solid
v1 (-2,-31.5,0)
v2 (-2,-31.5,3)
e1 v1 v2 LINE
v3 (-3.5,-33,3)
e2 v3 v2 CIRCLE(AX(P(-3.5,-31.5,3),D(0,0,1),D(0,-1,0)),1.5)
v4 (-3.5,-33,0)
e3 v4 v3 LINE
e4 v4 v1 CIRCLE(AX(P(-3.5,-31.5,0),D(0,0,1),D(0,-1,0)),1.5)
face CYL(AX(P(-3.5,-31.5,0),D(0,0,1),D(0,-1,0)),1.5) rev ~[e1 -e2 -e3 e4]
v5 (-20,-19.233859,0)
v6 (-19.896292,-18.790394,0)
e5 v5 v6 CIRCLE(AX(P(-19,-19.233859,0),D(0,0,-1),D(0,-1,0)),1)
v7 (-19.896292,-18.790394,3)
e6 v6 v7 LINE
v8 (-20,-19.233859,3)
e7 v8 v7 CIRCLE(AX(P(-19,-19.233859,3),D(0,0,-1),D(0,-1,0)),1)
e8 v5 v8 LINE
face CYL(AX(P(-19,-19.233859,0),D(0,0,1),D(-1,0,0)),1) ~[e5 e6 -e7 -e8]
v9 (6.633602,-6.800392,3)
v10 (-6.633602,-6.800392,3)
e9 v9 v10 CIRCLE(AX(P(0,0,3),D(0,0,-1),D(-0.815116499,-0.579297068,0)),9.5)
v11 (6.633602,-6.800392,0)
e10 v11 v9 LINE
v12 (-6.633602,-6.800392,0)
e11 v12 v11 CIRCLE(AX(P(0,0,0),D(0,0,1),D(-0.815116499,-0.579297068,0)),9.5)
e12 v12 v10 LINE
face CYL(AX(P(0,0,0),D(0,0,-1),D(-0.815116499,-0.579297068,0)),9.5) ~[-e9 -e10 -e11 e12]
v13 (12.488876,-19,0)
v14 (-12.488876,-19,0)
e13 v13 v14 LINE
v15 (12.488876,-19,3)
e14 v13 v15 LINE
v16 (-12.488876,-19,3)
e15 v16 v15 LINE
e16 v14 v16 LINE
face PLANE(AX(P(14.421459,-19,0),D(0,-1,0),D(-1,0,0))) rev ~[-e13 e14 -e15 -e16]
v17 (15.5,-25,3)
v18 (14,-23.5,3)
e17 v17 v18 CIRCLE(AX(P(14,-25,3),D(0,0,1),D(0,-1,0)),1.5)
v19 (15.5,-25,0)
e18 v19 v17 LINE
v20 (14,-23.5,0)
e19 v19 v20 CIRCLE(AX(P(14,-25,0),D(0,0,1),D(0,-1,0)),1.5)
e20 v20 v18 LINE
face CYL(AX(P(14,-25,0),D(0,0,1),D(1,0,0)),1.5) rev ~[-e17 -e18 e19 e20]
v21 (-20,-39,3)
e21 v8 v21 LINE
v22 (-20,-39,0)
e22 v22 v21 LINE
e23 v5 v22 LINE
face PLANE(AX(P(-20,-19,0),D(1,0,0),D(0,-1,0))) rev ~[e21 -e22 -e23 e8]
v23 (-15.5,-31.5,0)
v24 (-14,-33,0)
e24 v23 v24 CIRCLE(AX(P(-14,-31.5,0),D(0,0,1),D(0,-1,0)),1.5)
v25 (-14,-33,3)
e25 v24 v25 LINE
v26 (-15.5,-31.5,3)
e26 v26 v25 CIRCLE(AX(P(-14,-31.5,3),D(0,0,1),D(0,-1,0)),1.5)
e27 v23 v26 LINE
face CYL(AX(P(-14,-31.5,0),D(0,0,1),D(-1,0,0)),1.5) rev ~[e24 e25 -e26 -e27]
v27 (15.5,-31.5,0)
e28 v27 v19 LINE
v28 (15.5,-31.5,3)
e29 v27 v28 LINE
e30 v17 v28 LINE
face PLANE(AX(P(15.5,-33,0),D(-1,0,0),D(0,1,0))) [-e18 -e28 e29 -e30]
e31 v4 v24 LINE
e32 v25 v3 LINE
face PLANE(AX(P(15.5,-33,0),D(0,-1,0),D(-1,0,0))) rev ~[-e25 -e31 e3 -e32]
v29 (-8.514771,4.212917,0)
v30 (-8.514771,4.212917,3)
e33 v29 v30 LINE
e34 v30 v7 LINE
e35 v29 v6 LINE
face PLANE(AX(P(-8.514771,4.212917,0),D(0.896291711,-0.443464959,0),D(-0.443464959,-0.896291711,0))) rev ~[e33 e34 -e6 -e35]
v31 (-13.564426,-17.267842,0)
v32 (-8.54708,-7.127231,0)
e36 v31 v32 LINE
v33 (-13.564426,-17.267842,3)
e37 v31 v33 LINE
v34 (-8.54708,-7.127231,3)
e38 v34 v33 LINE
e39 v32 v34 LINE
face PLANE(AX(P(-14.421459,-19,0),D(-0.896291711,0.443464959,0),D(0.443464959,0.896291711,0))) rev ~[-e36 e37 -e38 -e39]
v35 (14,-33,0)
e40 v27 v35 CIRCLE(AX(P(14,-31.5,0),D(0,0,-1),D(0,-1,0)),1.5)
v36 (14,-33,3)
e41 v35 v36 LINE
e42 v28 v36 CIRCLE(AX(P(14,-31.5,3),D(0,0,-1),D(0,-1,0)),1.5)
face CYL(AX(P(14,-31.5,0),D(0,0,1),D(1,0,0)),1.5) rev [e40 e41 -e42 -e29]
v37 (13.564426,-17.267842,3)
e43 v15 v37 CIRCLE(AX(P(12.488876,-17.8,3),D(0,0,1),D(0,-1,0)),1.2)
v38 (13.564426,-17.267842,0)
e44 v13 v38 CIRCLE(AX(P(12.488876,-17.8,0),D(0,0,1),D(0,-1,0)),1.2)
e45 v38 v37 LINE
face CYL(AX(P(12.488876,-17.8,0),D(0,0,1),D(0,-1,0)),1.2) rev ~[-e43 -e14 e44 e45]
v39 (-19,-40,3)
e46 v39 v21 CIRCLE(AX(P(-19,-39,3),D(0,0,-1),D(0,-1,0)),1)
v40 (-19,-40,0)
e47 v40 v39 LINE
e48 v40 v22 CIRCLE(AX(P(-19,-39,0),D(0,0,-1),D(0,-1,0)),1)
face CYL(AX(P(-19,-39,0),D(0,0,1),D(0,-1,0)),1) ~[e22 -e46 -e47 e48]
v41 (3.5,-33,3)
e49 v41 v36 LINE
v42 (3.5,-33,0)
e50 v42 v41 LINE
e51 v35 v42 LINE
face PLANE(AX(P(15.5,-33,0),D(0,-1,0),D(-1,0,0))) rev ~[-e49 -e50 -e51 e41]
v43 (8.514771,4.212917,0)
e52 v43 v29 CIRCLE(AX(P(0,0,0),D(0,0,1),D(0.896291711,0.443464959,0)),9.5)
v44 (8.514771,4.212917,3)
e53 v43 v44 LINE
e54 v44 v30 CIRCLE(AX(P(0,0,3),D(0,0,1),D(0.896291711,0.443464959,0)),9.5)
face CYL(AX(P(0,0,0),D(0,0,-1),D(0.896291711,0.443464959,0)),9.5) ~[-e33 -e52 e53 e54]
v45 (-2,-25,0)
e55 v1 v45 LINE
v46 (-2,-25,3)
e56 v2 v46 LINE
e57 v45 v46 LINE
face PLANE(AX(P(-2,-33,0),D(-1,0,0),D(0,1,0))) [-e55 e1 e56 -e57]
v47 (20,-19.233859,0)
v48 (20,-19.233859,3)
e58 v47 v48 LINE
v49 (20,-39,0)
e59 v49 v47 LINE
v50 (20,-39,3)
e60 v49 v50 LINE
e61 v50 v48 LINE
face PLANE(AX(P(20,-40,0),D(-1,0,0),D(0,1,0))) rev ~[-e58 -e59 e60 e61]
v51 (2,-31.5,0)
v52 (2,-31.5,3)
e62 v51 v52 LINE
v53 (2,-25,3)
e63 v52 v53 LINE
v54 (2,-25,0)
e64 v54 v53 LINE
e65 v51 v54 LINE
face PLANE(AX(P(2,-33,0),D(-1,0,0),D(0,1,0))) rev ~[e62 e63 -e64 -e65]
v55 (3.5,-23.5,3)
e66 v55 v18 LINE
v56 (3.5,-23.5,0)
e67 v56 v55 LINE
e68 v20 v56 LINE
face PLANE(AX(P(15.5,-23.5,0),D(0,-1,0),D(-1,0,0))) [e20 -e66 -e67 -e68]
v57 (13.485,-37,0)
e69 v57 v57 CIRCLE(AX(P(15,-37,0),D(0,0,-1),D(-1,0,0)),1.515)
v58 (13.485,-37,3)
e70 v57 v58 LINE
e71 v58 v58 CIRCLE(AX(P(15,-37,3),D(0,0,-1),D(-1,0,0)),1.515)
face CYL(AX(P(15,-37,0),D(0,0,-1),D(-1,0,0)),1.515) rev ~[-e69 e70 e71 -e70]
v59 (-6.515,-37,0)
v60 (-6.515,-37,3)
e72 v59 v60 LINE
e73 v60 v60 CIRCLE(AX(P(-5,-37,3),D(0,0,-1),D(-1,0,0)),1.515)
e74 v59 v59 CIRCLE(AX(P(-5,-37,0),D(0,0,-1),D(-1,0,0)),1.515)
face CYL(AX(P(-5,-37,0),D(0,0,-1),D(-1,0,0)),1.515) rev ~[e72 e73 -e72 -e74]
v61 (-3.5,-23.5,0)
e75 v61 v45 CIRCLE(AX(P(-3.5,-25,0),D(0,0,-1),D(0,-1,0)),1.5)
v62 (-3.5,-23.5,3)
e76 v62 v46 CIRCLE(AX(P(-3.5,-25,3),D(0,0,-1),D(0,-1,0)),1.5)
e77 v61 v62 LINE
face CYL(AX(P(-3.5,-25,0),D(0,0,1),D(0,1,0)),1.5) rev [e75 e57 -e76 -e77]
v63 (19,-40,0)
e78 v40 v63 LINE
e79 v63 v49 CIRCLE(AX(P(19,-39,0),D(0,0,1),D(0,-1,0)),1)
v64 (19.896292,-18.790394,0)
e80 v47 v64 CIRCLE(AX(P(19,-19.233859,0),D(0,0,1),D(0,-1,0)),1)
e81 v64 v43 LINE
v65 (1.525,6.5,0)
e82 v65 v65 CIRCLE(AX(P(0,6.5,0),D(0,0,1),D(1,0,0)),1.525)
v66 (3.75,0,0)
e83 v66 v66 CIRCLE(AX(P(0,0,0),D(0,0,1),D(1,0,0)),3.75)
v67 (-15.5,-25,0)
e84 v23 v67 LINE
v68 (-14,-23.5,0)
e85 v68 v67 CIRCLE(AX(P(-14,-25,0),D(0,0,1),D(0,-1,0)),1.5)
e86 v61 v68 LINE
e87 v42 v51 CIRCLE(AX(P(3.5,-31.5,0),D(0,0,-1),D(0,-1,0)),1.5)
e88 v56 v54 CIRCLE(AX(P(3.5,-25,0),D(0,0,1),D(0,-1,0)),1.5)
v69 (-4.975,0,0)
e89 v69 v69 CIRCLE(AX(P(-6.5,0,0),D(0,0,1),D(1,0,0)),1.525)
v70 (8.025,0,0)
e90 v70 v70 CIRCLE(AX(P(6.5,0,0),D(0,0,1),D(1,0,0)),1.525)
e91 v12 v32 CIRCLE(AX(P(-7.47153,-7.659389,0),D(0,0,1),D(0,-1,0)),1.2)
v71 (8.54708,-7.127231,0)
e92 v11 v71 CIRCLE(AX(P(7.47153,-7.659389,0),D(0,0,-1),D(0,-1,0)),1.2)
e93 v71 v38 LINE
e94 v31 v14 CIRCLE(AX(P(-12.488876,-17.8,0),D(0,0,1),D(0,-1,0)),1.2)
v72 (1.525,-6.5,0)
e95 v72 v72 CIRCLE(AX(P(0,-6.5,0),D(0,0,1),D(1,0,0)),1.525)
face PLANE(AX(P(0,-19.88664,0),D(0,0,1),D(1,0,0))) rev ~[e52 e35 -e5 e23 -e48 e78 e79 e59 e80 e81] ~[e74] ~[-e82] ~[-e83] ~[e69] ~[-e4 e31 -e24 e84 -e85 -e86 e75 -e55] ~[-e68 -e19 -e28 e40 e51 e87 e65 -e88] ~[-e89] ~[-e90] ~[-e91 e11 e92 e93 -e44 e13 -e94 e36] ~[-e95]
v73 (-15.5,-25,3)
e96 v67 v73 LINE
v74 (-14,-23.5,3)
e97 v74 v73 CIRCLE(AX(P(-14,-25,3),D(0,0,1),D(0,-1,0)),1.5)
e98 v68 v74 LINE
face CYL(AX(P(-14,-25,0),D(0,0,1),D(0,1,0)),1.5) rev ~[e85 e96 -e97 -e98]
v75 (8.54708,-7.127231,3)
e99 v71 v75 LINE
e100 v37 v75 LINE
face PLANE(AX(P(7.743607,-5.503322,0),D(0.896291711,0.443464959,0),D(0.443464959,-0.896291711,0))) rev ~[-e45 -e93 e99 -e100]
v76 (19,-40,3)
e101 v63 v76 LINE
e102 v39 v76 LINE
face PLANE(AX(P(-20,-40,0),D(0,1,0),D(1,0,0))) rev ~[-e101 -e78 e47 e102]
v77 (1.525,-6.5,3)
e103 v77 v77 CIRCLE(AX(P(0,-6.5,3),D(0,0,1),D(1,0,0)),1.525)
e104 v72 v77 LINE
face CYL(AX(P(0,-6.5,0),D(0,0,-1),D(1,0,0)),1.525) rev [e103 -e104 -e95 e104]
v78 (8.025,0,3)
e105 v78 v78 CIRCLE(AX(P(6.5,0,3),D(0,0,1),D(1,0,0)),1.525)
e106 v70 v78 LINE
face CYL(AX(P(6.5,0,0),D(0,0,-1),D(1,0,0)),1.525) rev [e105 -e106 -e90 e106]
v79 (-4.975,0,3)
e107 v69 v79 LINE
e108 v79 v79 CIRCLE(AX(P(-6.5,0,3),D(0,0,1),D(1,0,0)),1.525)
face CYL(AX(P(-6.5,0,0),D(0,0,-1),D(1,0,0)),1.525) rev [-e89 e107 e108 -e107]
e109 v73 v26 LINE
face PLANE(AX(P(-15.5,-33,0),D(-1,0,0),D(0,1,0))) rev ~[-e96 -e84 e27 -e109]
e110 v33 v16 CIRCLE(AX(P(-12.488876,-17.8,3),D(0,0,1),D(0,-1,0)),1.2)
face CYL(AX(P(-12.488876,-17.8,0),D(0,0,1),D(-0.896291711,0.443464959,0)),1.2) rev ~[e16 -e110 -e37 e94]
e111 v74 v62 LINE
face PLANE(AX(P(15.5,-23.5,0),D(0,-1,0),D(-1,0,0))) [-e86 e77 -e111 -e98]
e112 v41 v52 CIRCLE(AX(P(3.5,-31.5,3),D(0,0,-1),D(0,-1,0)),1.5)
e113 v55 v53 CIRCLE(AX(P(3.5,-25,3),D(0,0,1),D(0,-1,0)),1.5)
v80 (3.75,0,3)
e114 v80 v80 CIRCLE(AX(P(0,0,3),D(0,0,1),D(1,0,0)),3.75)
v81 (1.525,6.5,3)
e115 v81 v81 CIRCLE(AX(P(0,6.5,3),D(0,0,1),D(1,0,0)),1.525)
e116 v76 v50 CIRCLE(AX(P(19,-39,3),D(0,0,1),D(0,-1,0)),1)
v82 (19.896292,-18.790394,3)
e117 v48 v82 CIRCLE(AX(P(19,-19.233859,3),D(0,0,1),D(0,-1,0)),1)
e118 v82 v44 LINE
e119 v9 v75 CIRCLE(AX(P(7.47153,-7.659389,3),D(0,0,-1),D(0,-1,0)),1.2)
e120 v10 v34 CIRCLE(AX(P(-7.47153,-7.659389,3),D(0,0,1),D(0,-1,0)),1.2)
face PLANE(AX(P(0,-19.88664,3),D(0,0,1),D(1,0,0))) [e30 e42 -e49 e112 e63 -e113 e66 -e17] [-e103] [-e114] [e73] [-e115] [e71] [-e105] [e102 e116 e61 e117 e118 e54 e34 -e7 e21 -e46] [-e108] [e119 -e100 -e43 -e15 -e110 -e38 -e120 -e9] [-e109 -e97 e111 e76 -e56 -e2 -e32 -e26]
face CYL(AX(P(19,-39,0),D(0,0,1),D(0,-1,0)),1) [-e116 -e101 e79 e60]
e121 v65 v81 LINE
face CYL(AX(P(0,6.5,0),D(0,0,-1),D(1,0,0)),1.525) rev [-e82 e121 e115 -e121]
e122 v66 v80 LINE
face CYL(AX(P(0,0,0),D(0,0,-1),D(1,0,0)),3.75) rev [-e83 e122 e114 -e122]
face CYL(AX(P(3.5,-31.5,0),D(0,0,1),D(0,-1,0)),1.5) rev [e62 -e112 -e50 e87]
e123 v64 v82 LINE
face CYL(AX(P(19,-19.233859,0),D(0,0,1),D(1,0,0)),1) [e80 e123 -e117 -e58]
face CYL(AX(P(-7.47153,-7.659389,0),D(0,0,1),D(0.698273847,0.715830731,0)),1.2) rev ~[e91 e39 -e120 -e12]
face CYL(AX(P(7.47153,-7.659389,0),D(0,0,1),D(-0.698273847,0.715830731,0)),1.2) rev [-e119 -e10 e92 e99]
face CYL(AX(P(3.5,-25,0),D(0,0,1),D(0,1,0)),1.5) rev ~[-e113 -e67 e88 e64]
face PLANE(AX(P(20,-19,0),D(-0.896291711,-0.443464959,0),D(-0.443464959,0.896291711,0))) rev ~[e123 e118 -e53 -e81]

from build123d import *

# Parameters (mm, degrees)
SKETCH_1_R          = 1.525
SKETCH_1_R_2        = 3.75
EXTRUDE_1_DEPTH     = 3
FILLET_1_R          = 1
SKETCH_2_R          = 1.515
CUT_EXTRUDE_1_DEPTH = 10
CUT_EXTRUDE_2_DEPTH = 10
FILLET_2_R          = 1.2
SKETCH_4_W          = 31
SKETCH_4_H          = 9.5
CUT_EXTRUDE_3_DEPTH = 10
SKETCH_5_W          = 4
SKETCH_5_H          = 9.5
EXTRUDE_1_2_DEPTH   = 3
FILLET_3_R          = 1.5


with BuildPart() as part:
    # 草图1 → Extrude 1 (new body)
    with BuildSketch(Plane.XY):
        with BuildLine():
            Line((-20, -40), (20, -40))
            Line((20, -40), (20, -19))
            Line((20, -19), (8.514771251, 4.212917106))
            ThreePointArc((8.514771251, 4.212917106), (0, 9.5), (-8.514771251, 4.212917106))
            Line((-8.514771251, 4.212917106), (-20, -19))
            Line((-20, -19), (-20, -40))
        make_face()
        with Locations((0, 6.5)):
            Circle(SKETCH_1_R, mode=Mode.SUBTRACT)
        with Locations((6.5, 0)):
            Circle(SKETCH_1_R, mode=Mode.SUBTRACT)
        with Locations((0, -6.5)):
            Circle(SKETCH_1_R, mode=Mode.SUBTRACT)
        with Locations((-6.5, 0)):
            Circle(SKETCH_1_R, mode=Mode.SUBTRACT)
        Circle(SKETCH_1_R_2, mode=Mode.SUBTRACT)
    extrude(amount=EXTRUDE_1_DEPTH)

    # 圆角1
    fillet_1_edges = [part.edges().sort_by_distance(p)[0] for p in [
        (20, -40, 1.5),
        (-20, -40, 1.5),
        (-20, -19, 1.5),
        (20, -19, 1.5),
    ]]
    fillet(fillet_1_edges, radius=FILLET_1_R)

    # 草图2 → 切除-拉伸1 (cut)
    with BuildSketch(Plane(origin=(0, 0, 0), x_dir=(-1, 0, 0), z_dir=(0, 0, -1))):
        with Locations((-15, -37)):
            Circle(SKETCH_2_R)
        with Locations((5, -37)):
            Circle(SKETCH_2_R)
    extrude(amount=-CUT_EXTRUDE_1_DEPTH, mode=Mode.SUBTRACT)

    # 草图3 → 切除-拉伸2 (cut)
    with BuildSketch(Plane(origin=(0, 0, 0), x_dir=(-1, 0, 0), z_dir=(0, 0, -1))):
        with BuildLine():
            Line((-7.743606738, -5.50332215), (-14.421459062, -19))
            Line((-14.421459062, -19), (14.421459062, -19))
            Line((14.421459062, -19), (7.743606738, -5.50332215))
            ThreePointArc((7.743606738, -5.50332215), (0, -9.5), (-7.743606738, -5.50332215))
        make_face()
    extrude(amount=-CUT_EXTRUDE_2_DEPTH, mode=Mode.SUBTRACT)

    # 圆角2
    fillet_2_edges = [part.edges().sort_by_distance(p)[0] for p in [
        (7.743606738, -5.50332215, 1.5),
        (-7.743606738, -5.50332215, 1.5),
        (-14.421459062, -19, 1.5),
        (14.421459062, -19, 1.5),
    ]]
    fillet(fillet_2_edges, radius=FILLET_2_R)

    # 草图4 → 切除-拉伸3 (cut)
    with BuildSketch(Plane(origin=(0, 0, 0), x_dir=(-1, 0, 0), z_dir=(0, 0, -1))):
        with Locations((0, -28.25)):
            Rectangle(SKETCH_4_W, SKETCH_4_H)
    extrude(amount=-CUT_EXTRUDE_3_DEPTH, mode=Mode.SUBTRACT)

    # 草图5 → Extrude 1 2 (add)
    with BuildSketch(Plane(origin=(0, 0, 0), x_dir=(-1, 0, 0), z_dir=(0, 0, -1))):
        with Locations((0, -28.25)):
            Rectangle(SKETCH_5_W, SKETCH_5_H)
    extrude(amount=-EXTRUDE_1_2_DEPTH)

    # 圆角3
    fillet_3_edges = [part.edges().sort_by_distance(p)[0] for p in [
        (15.5, -33, 1.5),
        (15.5, -23.5, 1.5),
        (-15.5, -23.5, 1.5),
        (-15.5, -33, 1.5),
        (2, -33, 1.5),
        (2, -23.5, 1.5),
        (-2, -23.5, 1.5),
        (-2, -33, 1.5),
    ]]
    fillet(fillet_3_edges, radius=FILLET_3_R)


solid = part.part
